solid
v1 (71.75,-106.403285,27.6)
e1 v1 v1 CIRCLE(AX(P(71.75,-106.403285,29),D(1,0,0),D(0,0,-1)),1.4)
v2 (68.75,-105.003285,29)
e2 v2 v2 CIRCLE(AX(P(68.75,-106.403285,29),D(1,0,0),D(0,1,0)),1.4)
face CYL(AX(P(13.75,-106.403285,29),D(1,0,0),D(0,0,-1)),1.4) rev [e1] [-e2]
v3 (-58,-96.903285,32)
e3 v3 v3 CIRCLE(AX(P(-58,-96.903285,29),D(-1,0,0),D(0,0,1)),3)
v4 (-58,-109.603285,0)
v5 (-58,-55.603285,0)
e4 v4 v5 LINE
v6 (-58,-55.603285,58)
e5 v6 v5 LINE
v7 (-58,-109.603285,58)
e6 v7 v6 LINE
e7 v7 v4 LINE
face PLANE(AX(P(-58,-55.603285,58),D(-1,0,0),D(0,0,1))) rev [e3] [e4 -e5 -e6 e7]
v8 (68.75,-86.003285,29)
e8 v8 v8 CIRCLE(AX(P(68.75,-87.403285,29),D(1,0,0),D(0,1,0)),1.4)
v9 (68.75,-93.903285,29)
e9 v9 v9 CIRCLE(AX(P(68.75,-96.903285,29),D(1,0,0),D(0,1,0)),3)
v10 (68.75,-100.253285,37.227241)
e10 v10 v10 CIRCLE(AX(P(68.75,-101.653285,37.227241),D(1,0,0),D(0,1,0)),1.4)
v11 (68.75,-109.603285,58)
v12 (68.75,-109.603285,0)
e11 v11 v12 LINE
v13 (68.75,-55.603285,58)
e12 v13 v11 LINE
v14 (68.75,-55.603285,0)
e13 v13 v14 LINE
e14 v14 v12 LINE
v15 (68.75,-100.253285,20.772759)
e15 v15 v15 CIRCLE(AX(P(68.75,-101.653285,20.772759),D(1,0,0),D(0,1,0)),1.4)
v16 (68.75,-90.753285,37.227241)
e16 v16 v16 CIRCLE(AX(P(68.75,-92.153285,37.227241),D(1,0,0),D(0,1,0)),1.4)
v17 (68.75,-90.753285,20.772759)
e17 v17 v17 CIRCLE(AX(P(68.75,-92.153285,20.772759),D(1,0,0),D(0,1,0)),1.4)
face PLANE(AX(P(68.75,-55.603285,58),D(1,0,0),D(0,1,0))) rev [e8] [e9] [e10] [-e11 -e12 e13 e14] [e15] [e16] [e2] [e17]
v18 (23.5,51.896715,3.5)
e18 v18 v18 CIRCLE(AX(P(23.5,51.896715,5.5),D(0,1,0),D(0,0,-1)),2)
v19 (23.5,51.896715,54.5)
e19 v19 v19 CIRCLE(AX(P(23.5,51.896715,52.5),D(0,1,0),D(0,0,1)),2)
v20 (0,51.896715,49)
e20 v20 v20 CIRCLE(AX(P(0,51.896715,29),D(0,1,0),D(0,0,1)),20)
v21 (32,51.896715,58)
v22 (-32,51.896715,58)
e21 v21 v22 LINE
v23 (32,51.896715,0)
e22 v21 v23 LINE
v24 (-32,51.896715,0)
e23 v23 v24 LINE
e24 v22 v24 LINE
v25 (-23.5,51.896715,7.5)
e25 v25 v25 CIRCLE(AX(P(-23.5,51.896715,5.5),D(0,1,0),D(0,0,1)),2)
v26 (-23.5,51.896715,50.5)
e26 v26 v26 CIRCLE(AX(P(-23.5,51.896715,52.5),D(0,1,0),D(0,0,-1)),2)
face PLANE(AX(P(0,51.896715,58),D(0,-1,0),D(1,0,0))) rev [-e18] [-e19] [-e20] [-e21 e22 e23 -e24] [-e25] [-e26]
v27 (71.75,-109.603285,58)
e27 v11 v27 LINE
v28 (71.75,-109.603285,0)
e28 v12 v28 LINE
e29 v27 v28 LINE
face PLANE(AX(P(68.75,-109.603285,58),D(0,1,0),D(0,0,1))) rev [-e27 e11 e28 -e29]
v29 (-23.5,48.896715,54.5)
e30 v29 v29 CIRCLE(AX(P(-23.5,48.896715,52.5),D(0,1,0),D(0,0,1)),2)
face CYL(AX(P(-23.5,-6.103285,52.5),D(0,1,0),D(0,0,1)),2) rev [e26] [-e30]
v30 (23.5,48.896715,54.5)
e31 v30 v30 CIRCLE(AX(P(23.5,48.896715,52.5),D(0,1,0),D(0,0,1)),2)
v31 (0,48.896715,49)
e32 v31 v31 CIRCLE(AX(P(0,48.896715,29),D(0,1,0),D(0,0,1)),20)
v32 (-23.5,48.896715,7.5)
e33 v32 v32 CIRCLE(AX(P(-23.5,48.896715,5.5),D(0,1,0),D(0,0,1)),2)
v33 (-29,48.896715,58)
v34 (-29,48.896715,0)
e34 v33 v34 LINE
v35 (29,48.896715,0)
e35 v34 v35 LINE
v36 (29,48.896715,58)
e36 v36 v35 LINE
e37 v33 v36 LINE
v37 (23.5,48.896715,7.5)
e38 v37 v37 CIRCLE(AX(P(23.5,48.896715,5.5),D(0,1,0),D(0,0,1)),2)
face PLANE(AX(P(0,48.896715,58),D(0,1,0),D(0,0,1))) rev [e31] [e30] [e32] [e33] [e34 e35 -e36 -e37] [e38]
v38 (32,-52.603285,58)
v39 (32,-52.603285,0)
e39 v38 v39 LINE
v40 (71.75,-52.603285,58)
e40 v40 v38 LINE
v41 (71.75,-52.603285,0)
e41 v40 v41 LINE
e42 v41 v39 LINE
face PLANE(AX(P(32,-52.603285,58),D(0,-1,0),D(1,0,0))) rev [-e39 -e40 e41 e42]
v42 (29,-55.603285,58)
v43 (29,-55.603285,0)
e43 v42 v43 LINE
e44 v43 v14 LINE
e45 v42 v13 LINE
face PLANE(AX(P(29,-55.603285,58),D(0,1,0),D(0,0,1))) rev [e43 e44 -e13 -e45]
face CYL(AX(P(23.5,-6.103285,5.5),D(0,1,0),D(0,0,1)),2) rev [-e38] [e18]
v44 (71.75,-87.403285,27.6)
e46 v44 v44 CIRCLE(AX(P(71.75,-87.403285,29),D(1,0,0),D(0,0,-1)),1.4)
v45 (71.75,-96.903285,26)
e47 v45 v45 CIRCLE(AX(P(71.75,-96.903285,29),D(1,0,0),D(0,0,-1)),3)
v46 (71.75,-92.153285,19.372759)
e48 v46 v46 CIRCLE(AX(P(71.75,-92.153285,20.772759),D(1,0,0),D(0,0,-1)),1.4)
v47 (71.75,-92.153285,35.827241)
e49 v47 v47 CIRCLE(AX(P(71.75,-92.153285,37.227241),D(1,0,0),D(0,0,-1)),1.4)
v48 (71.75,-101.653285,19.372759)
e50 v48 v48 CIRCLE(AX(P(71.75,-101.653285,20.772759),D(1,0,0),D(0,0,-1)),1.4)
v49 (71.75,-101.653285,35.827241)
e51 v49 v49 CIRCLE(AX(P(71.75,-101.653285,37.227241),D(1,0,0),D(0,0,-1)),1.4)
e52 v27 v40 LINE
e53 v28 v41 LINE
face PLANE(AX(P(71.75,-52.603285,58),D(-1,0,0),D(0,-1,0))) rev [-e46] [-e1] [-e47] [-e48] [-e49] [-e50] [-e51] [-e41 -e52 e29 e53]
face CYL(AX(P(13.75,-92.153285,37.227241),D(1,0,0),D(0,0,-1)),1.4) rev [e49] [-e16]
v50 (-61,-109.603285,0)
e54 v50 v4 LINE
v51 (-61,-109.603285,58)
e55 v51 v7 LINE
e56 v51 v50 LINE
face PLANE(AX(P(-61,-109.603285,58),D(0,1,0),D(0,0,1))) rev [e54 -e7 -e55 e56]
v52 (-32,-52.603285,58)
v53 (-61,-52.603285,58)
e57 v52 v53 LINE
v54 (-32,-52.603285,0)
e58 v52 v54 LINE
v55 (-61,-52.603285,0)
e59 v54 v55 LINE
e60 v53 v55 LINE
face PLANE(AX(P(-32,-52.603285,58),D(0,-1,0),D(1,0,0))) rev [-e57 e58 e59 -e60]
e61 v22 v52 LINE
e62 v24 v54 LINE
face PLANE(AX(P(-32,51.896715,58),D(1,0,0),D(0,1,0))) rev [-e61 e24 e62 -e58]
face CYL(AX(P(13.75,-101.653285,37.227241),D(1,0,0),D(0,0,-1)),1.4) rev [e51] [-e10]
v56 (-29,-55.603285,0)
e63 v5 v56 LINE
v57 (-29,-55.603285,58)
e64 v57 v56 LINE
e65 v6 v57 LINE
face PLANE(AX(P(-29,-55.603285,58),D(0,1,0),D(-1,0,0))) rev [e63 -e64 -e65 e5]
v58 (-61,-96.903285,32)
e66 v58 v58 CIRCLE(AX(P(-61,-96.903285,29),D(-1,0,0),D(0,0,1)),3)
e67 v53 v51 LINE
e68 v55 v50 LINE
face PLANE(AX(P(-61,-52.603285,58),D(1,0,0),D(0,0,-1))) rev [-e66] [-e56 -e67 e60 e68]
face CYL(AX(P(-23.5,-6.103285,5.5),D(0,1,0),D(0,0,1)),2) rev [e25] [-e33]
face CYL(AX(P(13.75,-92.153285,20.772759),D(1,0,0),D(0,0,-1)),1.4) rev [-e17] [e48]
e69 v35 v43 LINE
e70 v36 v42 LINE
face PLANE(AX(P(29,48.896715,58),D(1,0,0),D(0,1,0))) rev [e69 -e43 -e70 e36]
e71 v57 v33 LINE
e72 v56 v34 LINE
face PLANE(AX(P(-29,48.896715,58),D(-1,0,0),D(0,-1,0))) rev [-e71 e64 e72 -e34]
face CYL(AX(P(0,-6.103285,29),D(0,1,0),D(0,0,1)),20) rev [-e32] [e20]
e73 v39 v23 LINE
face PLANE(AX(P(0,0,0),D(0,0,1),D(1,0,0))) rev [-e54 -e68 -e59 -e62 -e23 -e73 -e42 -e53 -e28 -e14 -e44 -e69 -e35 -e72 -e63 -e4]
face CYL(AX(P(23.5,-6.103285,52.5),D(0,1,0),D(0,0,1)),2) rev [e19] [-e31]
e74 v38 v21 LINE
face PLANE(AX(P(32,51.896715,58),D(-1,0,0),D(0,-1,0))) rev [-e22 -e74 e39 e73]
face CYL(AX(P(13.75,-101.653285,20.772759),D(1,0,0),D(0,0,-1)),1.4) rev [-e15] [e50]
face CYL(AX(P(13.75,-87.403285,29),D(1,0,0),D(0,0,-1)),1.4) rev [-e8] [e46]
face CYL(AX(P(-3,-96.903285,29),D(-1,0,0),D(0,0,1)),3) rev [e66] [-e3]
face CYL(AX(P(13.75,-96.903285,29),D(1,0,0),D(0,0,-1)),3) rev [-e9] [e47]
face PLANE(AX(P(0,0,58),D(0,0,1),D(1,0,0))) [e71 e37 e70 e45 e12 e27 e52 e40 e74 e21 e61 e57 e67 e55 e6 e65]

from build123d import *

# Parameters (mm, degrees)
BOSS_EXTRUDE1_DEPTH = 58
SKETCH3_R           = 2
SKETCH3_R_2         = 20
CUT_EXTRUDE1_DEPTH  = 58
SKETCH4_R           = 3
SKETCH4_R_2         = 1.4
CUT_EXTRUDE2_DEPTH  = 58
SKETCH5_R           = 3
CUT_EXTRUDE3_DEPTH  = 58


with BuildPart() as part:
    # Sketch2 → Boss-Extrude1 (new body)
    with BuildSketch(Plane.XY):
        Polygon((0, 51.896715462), (32, 51.896715462), (32, -52.603284538), (71.75, -52.603284538), (71.75, -109.603284538), (68.75, -109.603284538), (68.75, -55.603284538), (29, -55.603284538), (29, 48.896715462), (0, 48.896715462), (-29, 48.896715462), (-29, -55.603284538), (-58, -55.603284538), (-58, -109.603284538), (-61, -109.603284538), (-61, -52.603284538), (-32, -52.603284538), (-32, 51.896715462), align=None)
    extrude(amount=BOSS_EXTRUDE1_DEPTH)

    # Sketch3 → Cut-Extrude1 (cut)
    with BuildSketch(Plane(origin=(0, 51.896715462, 0), x_dir=(1, 0, 0), z_dir=(0, 1, 0))):
        with Locations((-23.5, -5.5)):
            Circle(SKETCH3_R)
        with Locations((23.5, -5.5)):
            Circle(SKETCH3_R)
        with Locations((23.5, -52.5)):
            Circle(SKETCH3_R)
        with Locations((-23.5, -52.5)):
            Circle(SKETCH3_R)
        with Locations((0, -29)):
            Circle(SKETCH3_R_2)
    extrude(amount=-CUT_EXTRUDE1_DEPTH, mode=Mode.SUBTRACT)

    # Sketch4 → Cut-Extrude2 (cut)
    with BuildSketch(Plane(origin=(71.75, 0, 0), x_dir=(0, 0, -1), z_dir=(1, 0, 0))):
        with Locations((-29, -96.903284538)):
            Circle(SKETCH4_R)
        with Locations((-29, -87.403284538)):
            Circle(SKETCH4_R_2)
        with Locations((-20.772758664, -92.153284538)):
            Circle(SKETCH4_R_2)
        with Locations((-20.772758664, -101.653284538)):
            Circle(SKETCH4_R_2)
        with Locations((-29, -106.403284538)):
            Circle(SKETCH4_R_2)
        with Locations((-37.227241336, -101.653284538)):
            Circle(SKETCH4_R_2)
        with Locations((-37.227241336, -92.153284538)):
            Circle(SKETCH4_R_2)
    extrude(amount=-CUT_EXTRUDE2_DEPTH, mode=Mode.SUBTRACT)

    # Sketch5 → Cut-Extrude3 (cut)
    with BuildSketch(Plane.ZY.offset(61)):
        with Locations((29, -96.903284538)):
            Circle(SKETCH5_R)
    extrude(amount=-CUT_EXTRUDE3_DEPTH, mode=Mode.SUBTRACT)


solid = part.part
